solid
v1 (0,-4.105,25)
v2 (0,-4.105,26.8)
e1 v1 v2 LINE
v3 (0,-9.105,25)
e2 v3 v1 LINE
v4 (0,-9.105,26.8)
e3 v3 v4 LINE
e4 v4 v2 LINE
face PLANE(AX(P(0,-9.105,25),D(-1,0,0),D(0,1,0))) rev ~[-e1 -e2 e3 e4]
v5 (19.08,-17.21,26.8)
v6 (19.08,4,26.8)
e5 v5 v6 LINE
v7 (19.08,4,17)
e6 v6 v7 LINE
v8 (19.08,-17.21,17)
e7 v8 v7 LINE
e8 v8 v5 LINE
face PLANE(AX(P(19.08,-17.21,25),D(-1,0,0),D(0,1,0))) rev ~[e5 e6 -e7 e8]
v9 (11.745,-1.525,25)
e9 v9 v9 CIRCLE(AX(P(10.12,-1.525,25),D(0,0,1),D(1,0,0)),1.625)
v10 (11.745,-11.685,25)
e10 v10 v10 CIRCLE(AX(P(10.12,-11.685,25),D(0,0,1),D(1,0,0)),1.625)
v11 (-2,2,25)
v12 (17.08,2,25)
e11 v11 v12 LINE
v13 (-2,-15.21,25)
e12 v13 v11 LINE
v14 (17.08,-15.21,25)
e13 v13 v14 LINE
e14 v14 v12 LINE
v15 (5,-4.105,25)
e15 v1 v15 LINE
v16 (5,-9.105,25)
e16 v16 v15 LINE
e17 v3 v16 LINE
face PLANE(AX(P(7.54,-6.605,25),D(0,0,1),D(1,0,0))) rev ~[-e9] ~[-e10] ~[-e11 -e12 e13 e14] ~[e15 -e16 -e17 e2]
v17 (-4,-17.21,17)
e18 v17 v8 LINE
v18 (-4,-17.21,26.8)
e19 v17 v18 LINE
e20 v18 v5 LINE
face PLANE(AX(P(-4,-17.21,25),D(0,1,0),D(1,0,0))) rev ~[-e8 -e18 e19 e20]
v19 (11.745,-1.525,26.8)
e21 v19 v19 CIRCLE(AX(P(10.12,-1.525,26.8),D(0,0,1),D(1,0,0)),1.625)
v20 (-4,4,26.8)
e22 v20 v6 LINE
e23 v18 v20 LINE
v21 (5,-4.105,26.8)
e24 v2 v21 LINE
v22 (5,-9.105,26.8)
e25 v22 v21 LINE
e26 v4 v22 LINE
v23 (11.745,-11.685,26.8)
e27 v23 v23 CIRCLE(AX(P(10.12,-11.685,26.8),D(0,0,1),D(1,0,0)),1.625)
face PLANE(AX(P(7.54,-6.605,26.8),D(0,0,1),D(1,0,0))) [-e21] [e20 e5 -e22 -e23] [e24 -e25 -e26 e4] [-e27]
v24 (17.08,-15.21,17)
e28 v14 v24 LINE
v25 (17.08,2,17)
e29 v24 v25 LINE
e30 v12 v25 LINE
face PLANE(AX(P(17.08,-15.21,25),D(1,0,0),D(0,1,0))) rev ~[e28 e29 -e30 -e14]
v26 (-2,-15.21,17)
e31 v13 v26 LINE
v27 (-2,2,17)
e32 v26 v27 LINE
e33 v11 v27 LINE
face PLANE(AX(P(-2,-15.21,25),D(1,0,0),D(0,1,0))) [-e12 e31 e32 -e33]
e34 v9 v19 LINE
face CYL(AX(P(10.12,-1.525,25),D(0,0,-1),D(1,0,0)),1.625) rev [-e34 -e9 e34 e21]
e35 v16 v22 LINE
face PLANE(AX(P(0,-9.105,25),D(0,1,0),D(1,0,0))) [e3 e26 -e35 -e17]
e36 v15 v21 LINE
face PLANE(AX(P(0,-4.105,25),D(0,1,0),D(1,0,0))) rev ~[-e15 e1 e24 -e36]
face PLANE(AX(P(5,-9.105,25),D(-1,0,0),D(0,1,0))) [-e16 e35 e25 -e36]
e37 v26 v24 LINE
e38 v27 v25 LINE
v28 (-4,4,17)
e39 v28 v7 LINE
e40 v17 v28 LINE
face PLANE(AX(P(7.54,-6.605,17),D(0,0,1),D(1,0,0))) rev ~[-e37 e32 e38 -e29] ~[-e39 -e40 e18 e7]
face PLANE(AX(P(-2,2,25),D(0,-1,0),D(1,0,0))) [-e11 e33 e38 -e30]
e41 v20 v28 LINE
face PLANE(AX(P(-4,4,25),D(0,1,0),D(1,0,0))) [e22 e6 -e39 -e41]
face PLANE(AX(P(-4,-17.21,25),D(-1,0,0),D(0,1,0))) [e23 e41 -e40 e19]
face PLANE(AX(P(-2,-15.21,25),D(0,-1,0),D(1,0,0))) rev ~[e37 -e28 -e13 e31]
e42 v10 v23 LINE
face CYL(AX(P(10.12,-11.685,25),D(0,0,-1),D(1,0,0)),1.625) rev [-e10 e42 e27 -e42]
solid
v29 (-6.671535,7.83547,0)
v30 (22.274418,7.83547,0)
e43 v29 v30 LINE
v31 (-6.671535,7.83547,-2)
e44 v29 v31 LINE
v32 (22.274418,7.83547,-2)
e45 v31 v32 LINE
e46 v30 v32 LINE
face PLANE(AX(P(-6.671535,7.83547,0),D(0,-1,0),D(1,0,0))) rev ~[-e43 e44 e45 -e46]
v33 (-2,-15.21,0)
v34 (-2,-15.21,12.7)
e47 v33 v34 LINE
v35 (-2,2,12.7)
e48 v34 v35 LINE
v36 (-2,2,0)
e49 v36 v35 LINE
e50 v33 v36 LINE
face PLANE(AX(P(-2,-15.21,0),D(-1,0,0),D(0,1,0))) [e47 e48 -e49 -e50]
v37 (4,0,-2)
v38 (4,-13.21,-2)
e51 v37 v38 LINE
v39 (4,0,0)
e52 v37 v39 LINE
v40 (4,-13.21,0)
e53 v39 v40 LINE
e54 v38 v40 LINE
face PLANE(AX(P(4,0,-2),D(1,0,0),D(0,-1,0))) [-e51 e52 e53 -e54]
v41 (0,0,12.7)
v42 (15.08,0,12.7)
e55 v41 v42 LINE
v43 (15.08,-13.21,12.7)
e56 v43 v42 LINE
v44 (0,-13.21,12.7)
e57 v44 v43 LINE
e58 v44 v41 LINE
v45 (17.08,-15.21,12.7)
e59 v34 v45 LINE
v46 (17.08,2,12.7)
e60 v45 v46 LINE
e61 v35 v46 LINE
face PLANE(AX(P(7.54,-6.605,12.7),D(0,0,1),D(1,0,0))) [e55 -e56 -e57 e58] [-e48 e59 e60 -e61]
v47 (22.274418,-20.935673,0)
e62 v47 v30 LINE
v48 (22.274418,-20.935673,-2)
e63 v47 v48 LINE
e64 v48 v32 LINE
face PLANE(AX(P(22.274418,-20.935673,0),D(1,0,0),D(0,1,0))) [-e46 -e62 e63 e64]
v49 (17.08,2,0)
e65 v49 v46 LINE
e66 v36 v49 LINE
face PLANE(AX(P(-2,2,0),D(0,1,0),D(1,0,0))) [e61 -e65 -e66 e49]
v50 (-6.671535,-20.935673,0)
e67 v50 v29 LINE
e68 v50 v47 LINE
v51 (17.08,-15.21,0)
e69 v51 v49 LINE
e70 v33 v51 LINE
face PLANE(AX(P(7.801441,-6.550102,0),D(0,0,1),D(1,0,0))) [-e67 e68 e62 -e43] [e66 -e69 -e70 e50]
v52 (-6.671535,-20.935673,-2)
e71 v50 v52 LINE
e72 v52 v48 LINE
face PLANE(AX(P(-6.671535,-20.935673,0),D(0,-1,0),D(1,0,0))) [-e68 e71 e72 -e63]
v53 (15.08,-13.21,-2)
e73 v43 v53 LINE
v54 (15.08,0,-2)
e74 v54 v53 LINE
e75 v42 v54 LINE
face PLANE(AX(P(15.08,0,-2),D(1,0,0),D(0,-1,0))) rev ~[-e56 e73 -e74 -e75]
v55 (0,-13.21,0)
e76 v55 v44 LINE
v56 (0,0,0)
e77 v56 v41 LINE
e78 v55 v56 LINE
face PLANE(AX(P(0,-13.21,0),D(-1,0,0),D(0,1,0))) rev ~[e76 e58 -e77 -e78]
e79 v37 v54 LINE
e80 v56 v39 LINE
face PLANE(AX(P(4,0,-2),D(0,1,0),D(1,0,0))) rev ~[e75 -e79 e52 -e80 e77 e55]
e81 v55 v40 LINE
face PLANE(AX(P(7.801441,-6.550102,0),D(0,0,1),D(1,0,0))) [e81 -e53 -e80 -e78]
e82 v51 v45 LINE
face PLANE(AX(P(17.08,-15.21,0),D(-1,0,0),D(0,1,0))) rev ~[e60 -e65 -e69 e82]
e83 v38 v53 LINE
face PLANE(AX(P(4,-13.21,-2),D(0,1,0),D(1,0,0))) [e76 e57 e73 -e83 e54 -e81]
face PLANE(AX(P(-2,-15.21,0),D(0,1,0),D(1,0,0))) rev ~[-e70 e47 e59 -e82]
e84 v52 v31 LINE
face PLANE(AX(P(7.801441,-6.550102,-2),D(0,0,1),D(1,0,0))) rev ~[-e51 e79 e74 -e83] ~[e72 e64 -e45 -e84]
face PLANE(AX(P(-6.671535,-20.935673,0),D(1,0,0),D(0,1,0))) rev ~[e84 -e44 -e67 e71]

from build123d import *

# Parameters (mm, degrees)
F0_W      = 19.08
F0_H      = 17.21
F0_W_2    = 15.08
F0_H_2    = 13.21
F1_DEPTH  = 12.7
F3_W      = 23.08
F3_H      = 21.21
F3_W_2    = 19.08
F3_H_2    = 17.21
F4_DEPTH  = 8
F5_DEPTH  = 1.8
F6_W      = 5
F6_H      = 5
F6_R      = 1.625
F7_DEPTH  = 1.8
F8_W      = 28.9459526539
F8_H      = 28.7711434066
F9_DEPTH  = 2
F11_W     = 11.08
F11_H     = 13.21
F12_DEPTH = 2


with BuildPart() as f1:
    # F0 (on Top) → F1 (new body)
    with BuildSketch(Plane.XY):
        with Locations((7.54, -6.605)):
            Rectangle(F0_W, F0_H)
        with Locations((7.54, -6.605)):
            Rectangle(F0_W_2, F0_H_2, mode=Mode.SUBTRACT)
    extrude(amount=F1_DEPTH)

    # F8 (on Top) → F9 (join)
    with BuildSketch(Plane.XY):
        with Locations((7.8014414757, -6.5501015633)):
            Rectangle(F8_W, F8_H)
    extrude(amount=-F9_DEPTH)

    # F11 (on face) → F12 (cut, through all)
    with BuildSketch(Plane(origin=(0, 0, -2), x_dir=(1, 0, 0), z_dir=(0, 0, -1))):
        with Locations((9.54, 6.605)):
            Rectangle(F11_W, F11_H)
    extrude(amount=-F12_DEPTH, mode=Mode.SUBTRACT)


with BuildPart() as f4:
    # F3 (on offset) → F4 (new body)
    with BuildSketch(Plane.XY.offset(25)):
        with Locations((7.54, -6.605)):
            Rectangle(F3_W, F3_H)
        with Locations((7.54, -6.605)):
            Rectangle(F3_W_2, F3_H_2, mode=Mode.SUBTRACT)
    extrude(amount=-F4_DEPTH)

    # F3 (on offset) → F5 (join)
    with BuildSketch(Plane.XY.offset(25)):
        with Locations((7.54, -6.605)):
            Rectangle(F3_W, F3_H)
        with Locations((7.54, -6.605)):
            Rectangle(F3_W_2, F3_H_2, mode=Mode.SUBTRACT)
        with Locations((7.54, -6.605)):
            Rectangle(F3_W_2, F3_H_2)
    extrude(amount=F5_DEPTH)

    # F6 (on face) → F7 (cut, through all)
    with BuildSketch(Plane.XY.offset(25)):
        with Locations((2.5, -6.605)):
            Rectangle(F6_W, F6_H)
        with Locations((10.12, -11.685)):
            Circle(F6_R)
        with Locations((10.12, -1.525)):
            Circle(F6_R)
    extrude(amount=F7_DEPTH, mode=Mode.SUBTRACT)


solid = Compound([f1.part, f4.part])
